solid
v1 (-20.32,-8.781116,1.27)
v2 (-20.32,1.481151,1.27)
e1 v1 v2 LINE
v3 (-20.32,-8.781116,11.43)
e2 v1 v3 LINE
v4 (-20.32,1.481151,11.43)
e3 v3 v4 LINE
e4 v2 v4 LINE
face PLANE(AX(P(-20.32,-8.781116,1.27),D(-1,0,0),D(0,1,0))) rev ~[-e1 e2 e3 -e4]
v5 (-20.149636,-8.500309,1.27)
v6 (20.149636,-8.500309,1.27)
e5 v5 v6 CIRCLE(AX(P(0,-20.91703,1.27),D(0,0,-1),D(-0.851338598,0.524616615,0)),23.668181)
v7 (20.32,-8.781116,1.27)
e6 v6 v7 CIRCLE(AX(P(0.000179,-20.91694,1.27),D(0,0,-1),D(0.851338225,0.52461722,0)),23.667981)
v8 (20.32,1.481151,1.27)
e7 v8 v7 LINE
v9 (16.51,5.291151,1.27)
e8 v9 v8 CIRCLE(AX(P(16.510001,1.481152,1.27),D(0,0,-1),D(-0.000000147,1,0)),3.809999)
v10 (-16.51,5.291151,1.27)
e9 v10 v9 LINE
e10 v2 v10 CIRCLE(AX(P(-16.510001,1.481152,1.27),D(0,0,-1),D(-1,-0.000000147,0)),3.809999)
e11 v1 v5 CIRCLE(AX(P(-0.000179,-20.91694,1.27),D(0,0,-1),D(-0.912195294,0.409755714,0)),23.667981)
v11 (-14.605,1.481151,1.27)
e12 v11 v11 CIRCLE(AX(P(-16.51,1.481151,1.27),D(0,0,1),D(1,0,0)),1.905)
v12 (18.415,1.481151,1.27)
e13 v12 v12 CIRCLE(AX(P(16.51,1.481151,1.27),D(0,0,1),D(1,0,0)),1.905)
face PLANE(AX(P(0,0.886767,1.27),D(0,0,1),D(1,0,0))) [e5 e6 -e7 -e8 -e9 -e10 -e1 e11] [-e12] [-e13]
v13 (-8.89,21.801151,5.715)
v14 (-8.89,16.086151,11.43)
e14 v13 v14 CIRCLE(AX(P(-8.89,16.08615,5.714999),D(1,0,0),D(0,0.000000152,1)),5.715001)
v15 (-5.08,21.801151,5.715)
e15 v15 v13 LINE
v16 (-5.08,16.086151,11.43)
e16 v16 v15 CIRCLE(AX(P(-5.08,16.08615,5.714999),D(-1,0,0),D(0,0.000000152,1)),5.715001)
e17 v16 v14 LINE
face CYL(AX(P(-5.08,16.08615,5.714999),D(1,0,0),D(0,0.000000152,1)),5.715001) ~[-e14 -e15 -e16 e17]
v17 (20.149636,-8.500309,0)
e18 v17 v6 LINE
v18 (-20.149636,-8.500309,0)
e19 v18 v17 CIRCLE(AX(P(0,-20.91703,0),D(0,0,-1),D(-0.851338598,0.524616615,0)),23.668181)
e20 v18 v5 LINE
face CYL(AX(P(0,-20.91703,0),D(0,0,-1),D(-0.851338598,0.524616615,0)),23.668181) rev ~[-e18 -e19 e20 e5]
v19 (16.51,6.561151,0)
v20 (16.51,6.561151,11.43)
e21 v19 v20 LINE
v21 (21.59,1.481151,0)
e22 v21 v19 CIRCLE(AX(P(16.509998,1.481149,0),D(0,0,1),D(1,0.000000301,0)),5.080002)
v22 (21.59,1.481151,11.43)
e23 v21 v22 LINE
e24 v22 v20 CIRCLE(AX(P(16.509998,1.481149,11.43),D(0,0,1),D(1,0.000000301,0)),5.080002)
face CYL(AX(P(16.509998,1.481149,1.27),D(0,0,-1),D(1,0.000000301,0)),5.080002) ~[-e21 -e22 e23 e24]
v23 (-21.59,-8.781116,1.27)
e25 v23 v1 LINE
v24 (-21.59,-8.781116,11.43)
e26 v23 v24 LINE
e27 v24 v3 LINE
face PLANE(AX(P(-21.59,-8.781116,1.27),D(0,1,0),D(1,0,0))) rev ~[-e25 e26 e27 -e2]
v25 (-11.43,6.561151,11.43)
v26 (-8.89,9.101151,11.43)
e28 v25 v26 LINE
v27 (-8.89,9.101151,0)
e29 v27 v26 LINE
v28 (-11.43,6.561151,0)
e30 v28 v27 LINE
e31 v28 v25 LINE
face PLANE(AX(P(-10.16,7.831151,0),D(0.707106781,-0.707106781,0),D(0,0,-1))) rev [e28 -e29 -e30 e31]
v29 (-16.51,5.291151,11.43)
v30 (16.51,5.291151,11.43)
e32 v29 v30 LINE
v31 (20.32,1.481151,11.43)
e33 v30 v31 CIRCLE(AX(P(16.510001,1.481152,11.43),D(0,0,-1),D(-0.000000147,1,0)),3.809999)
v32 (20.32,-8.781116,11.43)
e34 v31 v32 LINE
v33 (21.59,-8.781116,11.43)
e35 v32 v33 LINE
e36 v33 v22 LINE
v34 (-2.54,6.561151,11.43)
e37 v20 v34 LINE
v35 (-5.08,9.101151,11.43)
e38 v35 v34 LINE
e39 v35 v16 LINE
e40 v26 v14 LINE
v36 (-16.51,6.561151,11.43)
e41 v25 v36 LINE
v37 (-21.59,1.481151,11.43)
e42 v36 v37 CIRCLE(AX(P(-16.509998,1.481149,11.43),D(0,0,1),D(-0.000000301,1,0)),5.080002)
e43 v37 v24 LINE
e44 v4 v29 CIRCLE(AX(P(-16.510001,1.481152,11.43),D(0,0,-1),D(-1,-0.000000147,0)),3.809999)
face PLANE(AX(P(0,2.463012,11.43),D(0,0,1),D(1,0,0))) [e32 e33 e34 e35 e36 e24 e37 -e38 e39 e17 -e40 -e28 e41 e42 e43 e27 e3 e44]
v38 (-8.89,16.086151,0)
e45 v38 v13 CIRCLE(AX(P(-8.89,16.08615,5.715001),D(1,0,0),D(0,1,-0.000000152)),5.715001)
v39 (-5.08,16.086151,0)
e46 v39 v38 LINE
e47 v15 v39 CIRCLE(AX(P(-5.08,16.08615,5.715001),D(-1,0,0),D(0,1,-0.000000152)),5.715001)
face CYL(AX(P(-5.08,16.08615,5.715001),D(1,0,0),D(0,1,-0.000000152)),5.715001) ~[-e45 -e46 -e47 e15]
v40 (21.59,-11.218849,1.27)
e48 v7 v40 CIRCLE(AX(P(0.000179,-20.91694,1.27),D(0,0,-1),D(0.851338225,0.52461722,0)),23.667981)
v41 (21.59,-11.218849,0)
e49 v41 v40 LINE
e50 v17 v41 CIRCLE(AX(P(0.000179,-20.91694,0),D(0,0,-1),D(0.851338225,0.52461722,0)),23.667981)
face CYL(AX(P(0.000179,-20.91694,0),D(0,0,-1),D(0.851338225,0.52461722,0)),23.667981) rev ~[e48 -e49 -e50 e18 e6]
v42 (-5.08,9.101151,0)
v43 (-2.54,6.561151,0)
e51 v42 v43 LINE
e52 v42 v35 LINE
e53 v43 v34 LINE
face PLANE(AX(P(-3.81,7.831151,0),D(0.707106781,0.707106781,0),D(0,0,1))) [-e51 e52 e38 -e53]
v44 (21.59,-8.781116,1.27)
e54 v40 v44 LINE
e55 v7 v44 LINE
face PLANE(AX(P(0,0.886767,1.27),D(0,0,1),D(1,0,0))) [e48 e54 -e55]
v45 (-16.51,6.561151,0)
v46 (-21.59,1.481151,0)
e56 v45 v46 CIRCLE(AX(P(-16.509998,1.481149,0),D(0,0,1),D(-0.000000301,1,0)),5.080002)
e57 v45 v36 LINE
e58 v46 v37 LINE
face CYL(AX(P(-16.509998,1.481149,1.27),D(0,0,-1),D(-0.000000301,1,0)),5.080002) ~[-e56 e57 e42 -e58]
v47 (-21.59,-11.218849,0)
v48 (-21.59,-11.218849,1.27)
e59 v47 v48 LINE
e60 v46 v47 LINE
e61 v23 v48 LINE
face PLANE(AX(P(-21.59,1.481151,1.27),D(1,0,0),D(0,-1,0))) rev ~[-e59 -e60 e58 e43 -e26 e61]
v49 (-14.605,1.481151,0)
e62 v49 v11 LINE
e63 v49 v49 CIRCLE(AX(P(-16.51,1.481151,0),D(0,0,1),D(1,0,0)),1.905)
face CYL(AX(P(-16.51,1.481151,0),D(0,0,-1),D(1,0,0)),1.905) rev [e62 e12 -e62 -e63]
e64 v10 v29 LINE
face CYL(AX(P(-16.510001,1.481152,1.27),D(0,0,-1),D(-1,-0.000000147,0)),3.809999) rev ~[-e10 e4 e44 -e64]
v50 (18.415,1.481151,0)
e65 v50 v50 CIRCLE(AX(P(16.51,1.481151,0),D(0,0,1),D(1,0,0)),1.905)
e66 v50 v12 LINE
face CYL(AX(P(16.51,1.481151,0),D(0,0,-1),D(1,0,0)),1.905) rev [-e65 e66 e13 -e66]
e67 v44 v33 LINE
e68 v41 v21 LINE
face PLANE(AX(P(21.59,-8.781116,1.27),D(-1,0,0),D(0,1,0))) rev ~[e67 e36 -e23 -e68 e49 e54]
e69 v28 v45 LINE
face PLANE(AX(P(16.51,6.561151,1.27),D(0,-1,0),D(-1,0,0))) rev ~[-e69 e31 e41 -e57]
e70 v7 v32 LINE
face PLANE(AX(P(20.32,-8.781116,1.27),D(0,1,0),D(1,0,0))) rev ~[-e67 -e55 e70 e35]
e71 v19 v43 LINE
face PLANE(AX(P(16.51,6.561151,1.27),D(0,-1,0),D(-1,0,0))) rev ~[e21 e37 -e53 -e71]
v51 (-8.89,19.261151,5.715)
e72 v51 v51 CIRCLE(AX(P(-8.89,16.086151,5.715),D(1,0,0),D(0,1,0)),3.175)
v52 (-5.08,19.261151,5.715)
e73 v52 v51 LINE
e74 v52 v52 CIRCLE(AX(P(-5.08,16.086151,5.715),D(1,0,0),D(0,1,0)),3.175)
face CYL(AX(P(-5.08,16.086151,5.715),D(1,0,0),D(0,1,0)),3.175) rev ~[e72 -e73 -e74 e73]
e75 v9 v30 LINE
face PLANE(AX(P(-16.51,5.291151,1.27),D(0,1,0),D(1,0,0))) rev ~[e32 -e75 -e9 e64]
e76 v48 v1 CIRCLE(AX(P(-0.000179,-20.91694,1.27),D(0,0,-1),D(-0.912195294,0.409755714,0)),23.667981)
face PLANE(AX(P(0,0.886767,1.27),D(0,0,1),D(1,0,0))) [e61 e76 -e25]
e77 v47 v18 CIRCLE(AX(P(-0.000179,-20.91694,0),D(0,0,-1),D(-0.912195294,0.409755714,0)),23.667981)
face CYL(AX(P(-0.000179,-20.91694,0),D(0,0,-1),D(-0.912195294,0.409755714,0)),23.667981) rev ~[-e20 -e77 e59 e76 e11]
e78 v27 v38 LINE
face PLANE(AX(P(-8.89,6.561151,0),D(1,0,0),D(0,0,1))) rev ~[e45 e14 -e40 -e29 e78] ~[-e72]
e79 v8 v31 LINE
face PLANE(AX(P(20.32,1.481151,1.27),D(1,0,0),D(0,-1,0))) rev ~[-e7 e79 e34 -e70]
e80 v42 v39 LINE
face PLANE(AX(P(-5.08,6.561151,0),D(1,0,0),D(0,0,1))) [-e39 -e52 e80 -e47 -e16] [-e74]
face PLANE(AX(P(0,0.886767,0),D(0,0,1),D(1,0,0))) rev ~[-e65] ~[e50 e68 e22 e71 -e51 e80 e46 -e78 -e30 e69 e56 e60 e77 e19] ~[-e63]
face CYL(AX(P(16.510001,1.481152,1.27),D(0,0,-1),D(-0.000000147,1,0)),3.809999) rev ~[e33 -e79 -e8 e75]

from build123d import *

# Parameters (mm, degrees)
F0_R     = 1.905
F1_DEPTH = 1.27
F3_DEPTH = 10.16
F4_W     = 3.81
F4_H     = 11.43
F5_DEPTH = 15.24
F6_R     = 3.175
F7_DEPTH = 25.4
F8_SIZE  = 2.54


with BuildPart() as f1:
    # F0 (on Top) → F1 (new body)
    with BuildSketch(Plane.XY):
        with BuildLine():
            Line((16.51, 6.561151), (-16.51, 6.561151))
            ThreePointArc((-16.51, 6.561151), (-20.102102, 5.073253), (-21.59, 1.481151))
            Line((-21.59, 1.481151), (-21.59, -8.500309))
            Line((-21.59, -8.500309), (-20.149636, -8.500309))
            ThreePointArc((-20.149636, -8.500309), (0, 2.751151), (20.149636, -8.500309))
            Line((20.149636, -8.500309), (21.59, -8.500309))
            Line((21.59, -8.500309), (21.59, 1.481151))
            ThreePointArc((21.59, 1.481151), (20.102102, 5.073253), (16.51, 6.561151))
        make_face()
        with Locations((-16.51, 1.481151)):
            Circle(F0_R, mode=Mode.SUBTRACT)
        with Locations((16.51, 1.481151)):
            Circle(F0_R, mode=Mode.SUBTRACT)
        with BuildLine():
            Line((-20.149636, -8.500309), (-21.59, -8.500309))
            Line((-21.59, -8.500309), (-21.59, -11.218849))
            ThreePointArc((-21.59, -11.218849), (-20.914037, -9.836151), (-20.149636, -8.500309))
        make_face()
        with BuildLine():
            Line((21.59, -11.218849), (21.59, -8.500309))
            Line((21.59, -8.500309), (20.149636, -8.500309))
            ThreePointArc((20.149636, -8.500309), (20.914037, -9.836151), (21.59, -11.218849))
        make_face()
    extrude(amount=F1_DEPTH)

    # F2 (on face) → F3 (join)
    with BuildSketch(Plane.XY.offset(1.27)):
        with BuildLine():
            Line((21.59, -8.781116), (21.59, 1.481151))
            ThreePointArc((21.59, 1.481151), (20.102102, 5.073253), (16.51, 6.561151))
            Line((16.51, 6.561151), (-16.51, 6.561151))
            ThreePointArc((-16.51, 6.561151), (-20.102102, 5.073253), (-21.59, 1.481151))
            Line((-21.59, 1.481151), (-21.59, -8.781116))
            Line((-21.59, -8.781116), (-20.32, -8.781116))
            Line((-20.32, -8.781116), (-20.32, 1.481151))
            ThreePointArc((-20.32, 1.481151), (-19.204077, 4.175228), (-16.51, 5.291151))
            Line((-16.51, 5.291151), (16.51, 5.291151))
            ThreePointArc((16.51, 5.291151), (19.204077, 4.175228), (20.32, 1.481151))
            Line((20.32, 1.481151), (20.32, -8.781116))
            Line((20.32, -8.781116), (21.59, -8.781116))
        make_face()
    extrude(amount=F3_DEPTH)

    # F4 (on face) → F5 (join)
    with BuildSketch(Plane(origin=(0, 6.561151, 0), x_dir=(-1, 0, 0), z_dir=(0, 1, 0))):
        with Locations((6.985, 5.715)):
            Rectangle(F4_W, F4_H)
    extrude(amount=F5_DEPTH)

    # F6 (on face) → F7 (cut)
    with BuildSketch(Plane.YZ.offset(-5.08)):
        with BuildLine():
            ThreePointArc((21.801151, 5.715), (20.127266, 1.673885), (16.086151, 0))
            Line((16.086151, 0), (21.801151, 0))
            Line((21.801151, 0), (21.801151, 5.715))
        make_face()
        with Locations((16.086151, 5.715)):
            Circle(F6_R)
        with BuildLine():
            ThreePointArc((16.086151, 11.43), (20.127266, 9.756115), (21.801151, 5.715))
            Line((21.801151, 5.715), (21.801151, 11.43))
            Line((21.801151, 11.43), (16.086151, 11.43))
        make_face()
    extrude(amount=-F7_DEPTH, mode=Mode.SUBTRACT)

    # F8
    f8_edges = [f1.edges().sort_by_distance(p)[0] for p in [
        (-5.08, 6.561151, 5.715),
        (-8.89, 6.561151, 5.715),
    ]]
    chamfer(f8_edges, length=F8_SIZE)


solid = f1.part
